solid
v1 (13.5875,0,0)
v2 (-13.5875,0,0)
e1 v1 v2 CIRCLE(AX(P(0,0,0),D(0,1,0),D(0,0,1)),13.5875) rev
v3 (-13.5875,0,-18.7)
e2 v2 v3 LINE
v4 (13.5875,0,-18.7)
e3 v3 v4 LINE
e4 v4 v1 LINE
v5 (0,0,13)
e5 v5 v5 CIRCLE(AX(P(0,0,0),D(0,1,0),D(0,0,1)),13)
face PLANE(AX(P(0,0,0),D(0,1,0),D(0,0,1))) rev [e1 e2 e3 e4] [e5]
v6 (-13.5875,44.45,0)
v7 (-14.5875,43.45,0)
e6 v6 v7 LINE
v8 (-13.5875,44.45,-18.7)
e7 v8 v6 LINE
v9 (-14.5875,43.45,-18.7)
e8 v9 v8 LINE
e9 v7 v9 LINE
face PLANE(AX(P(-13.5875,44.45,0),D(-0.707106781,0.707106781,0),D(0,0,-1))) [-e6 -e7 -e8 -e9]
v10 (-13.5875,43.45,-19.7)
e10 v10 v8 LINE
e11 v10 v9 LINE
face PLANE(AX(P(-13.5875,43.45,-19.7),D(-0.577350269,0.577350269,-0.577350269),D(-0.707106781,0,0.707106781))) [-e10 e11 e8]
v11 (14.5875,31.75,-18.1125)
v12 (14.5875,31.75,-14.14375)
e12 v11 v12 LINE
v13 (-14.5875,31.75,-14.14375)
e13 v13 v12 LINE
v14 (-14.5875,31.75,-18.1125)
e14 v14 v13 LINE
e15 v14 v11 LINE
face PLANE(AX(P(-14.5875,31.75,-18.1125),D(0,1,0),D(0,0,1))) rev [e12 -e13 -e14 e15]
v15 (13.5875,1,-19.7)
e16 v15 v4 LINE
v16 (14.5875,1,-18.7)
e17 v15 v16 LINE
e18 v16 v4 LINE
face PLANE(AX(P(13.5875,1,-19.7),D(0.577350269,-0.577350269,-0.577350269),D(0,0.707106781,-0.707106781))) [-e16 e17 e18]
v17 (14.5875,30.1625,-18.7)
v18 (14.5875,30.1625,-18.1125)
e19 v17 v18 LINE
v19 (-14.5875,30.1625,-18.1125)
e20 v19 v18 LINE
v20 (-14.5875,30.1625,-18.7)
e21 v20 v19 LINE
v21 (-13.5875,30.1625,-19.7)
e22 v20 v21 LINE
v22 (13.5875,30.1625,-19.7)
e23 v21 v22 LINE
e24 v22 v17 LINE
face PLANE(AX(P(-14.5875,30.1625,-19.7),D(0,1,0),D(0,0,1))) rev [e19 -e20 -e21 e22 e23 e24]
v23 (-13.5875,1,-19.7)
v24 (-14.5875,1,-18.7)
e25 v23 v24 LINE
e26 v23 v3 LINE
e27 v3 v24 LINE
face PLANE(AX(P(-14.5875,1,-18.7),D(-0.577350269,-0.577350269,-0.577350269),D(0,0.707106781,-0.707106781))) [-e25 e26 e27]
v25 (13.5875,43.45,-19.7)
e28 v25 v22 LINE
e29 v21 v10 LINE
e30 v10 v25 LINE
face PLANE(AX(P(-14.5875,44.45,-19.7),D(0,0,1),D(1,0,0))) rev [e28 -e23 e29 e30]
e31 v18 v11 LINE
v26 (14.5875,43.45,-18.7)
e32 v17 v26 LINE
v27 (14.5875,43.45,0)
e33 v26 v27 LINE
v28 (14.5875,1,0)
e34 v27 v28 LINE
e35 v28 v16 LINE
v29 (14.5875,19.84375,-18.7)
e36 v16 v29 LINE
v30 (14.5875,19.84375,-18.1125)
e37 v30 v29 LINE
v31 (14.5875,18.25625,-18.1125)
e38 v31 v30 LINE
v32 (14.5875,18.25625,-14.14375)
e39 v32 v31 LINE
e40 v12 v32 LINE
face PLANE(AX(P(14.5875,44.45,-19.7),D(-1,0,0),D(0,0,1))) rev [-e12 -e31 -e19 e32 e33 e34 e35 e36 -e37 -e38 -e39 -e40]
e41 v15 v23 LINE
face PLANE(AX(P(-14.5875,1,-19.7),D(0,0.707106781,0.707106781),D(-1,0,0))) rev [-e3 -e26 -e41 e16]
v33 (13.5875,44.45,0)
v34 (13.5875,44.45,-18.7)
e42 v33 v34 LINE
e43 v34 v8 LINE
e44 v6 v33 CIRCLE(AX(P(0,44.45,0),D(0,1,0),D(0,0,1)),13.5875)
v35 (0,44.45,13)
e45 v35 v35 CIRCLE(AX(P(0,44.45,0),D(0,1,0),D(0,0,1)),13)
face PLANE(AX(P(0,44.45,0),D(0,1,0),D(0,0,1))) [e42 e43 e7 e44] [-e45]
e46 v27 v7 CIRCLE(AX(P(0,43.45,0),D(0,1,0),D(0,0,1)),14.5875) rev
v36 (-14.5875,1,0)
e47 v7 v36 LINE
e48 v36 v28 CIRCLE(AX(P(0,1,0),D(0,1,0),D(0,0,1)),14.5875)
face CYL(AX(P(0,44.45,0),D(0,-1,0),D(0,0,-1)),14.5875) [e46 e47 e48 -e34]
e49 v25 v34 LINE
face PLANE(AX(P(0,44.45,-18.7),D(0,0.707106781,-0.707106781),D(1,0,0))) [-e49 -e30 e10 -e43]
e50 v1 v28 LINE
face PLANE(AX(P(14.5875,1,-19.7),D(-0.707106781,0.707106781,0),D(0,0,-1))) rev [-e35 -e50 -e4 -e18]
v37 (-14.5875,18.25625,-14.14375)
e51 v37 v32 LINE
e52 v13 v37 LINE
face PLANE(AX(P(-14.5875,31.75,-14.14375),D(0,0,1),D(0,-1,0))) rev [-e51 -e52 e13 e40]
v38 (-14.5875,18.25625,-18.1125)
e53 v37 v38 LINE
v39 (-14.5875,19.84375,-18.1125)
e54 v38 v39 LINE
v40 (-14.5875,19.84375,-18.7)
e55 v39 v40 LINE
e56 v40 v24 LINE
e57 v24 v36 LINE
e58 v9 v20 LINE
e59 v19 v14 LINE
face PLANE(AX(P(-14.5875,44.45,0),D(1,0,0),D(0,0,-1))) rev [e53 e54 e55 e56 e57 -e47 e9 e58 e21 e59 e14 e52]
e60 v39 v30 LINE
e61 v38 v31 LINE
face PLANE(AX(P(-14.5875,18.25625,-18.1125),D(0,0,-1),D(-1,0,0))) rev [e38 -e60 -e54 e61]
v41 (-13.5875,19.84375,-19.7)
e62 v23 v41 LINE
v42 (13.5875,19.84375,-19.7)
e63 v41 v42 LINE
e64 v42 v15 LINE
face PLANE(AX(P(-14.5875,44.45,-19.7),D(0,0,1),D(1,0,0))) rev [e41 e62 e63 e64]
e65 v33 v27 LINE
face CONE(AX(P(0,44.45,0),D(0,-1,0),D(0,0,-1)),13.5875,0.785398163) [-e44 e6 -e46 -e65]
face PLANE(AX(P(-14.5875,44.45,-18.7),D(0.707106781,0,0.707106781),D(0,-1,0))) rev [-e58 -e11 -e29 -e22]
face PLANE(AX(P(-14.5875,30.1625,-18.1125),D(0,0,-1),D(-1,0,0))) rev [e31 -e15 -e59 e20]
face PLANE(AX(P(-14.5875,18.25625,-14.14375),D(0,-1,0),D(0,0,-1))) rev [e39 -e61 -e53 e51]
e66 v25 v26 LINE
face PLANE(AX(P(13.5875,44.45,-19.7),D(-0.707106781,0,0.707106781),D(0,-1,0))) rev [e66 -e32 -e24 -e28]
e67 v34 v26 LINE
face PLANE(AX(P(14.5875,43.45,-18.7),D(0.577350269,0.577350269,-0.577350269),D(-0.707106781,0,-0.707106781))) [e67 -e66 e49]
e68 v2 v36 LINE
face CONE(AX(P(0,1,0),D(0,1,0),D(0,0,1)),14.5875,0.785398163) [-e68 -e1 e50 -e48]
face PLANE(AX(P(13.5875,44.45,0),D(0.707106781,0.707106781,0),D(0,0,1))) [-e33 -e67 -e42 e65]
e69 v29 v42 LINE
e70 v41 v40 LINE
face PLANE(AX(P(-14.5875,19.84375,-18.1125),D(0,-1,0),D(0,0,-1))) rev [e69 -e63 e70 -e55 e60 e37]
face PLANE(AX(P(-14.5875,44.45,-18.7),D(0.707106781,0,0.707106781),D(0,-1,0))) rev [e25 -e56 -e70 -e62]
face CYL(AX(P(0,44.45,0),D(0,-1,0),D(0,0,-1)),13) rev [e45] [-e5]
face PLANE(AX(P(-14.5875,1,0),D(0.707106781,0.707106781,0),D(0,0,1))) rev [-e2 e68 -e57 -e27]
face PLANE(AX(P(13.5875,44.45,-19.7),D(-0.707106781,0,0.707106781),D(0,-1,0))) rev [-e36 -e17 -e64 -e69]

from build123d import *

# Parameters (mm, degrees)
SKETCH1_R           = 13
BOSS_EXTRUDE1_DEPTH = 44.45
CUT_EXTRUDE1_DEPTH  = 30.175
CHAMFER1_SIZE       = 1


with BuildPart() as part:
    # Sketch1 → Boss-Extrude1 (new body)
    with BuildSketch(Plane(origin=(0, 0, 0), x_dir=(1, 0, 0), z_dir=(0, 1, 0))):
        with BuildLine():
            Line((-14.5875, 0), (-14.5875, 19.7))
            Line((-14.5875, 19.7), (14.5875, 19.7))
            Line((14.5875, 19.7), (14.5875, 0))
            ThreePointArc((14.5875, 0), (0, -14.5875), (-14.5875, 0))
        make_face()
        Circle(SKETCH1_R, mode=Mode.SUBTRACT)
    extrude(amount=BOSS_EXTRUDE1_DEPTH)

    # Sketch3 → Cut-Extrude1 (cut, through all)
    with BuildSketch(Plane(origin=(14.5875, 0, 0), x_dir=(0, 0, -1), z_dir=(1, 0, 0))):
        Polygon((19.7, 30.1625), (18.1125, 30.1625), (18.1125, 31.75), (14.14375, 31.75), (14.14375, 18.25625), (18.1125, 18.25625), (18.1125, 19.84375), (19.7, 19.84375), align=None)
    extrude(amount=-CUT_EXTRUDE1_DEPTH, mode=Mode.SUBTRACT)

    # Chamfer1
    chamfer1_edges = [part.edges().sort_by_distance(p)[0] for p in [
        (0, 44.45, -19.7),
        (-14.5875, 44.45, -9.85),
        (-14.5875, 9.921875, -19.7),
        (14.5875, 9.921875, -19.7),
        (0, 44.45, 14.5875),
        (-14.5875, 0, -9.85),
        (0, 0, -19.7),
        (14.5875, 0, -9.85),
        (0, 0, 14.5875),
        (14.5875, 44.45, -9.85),
        (-14.5875, 37.30625, -19.7),
        (14.5875, 37.30625, -19.7),
    ]]
    chamfer(chamfer1_edges, length=CHAMFER1_SIZE)


solid = part.part
